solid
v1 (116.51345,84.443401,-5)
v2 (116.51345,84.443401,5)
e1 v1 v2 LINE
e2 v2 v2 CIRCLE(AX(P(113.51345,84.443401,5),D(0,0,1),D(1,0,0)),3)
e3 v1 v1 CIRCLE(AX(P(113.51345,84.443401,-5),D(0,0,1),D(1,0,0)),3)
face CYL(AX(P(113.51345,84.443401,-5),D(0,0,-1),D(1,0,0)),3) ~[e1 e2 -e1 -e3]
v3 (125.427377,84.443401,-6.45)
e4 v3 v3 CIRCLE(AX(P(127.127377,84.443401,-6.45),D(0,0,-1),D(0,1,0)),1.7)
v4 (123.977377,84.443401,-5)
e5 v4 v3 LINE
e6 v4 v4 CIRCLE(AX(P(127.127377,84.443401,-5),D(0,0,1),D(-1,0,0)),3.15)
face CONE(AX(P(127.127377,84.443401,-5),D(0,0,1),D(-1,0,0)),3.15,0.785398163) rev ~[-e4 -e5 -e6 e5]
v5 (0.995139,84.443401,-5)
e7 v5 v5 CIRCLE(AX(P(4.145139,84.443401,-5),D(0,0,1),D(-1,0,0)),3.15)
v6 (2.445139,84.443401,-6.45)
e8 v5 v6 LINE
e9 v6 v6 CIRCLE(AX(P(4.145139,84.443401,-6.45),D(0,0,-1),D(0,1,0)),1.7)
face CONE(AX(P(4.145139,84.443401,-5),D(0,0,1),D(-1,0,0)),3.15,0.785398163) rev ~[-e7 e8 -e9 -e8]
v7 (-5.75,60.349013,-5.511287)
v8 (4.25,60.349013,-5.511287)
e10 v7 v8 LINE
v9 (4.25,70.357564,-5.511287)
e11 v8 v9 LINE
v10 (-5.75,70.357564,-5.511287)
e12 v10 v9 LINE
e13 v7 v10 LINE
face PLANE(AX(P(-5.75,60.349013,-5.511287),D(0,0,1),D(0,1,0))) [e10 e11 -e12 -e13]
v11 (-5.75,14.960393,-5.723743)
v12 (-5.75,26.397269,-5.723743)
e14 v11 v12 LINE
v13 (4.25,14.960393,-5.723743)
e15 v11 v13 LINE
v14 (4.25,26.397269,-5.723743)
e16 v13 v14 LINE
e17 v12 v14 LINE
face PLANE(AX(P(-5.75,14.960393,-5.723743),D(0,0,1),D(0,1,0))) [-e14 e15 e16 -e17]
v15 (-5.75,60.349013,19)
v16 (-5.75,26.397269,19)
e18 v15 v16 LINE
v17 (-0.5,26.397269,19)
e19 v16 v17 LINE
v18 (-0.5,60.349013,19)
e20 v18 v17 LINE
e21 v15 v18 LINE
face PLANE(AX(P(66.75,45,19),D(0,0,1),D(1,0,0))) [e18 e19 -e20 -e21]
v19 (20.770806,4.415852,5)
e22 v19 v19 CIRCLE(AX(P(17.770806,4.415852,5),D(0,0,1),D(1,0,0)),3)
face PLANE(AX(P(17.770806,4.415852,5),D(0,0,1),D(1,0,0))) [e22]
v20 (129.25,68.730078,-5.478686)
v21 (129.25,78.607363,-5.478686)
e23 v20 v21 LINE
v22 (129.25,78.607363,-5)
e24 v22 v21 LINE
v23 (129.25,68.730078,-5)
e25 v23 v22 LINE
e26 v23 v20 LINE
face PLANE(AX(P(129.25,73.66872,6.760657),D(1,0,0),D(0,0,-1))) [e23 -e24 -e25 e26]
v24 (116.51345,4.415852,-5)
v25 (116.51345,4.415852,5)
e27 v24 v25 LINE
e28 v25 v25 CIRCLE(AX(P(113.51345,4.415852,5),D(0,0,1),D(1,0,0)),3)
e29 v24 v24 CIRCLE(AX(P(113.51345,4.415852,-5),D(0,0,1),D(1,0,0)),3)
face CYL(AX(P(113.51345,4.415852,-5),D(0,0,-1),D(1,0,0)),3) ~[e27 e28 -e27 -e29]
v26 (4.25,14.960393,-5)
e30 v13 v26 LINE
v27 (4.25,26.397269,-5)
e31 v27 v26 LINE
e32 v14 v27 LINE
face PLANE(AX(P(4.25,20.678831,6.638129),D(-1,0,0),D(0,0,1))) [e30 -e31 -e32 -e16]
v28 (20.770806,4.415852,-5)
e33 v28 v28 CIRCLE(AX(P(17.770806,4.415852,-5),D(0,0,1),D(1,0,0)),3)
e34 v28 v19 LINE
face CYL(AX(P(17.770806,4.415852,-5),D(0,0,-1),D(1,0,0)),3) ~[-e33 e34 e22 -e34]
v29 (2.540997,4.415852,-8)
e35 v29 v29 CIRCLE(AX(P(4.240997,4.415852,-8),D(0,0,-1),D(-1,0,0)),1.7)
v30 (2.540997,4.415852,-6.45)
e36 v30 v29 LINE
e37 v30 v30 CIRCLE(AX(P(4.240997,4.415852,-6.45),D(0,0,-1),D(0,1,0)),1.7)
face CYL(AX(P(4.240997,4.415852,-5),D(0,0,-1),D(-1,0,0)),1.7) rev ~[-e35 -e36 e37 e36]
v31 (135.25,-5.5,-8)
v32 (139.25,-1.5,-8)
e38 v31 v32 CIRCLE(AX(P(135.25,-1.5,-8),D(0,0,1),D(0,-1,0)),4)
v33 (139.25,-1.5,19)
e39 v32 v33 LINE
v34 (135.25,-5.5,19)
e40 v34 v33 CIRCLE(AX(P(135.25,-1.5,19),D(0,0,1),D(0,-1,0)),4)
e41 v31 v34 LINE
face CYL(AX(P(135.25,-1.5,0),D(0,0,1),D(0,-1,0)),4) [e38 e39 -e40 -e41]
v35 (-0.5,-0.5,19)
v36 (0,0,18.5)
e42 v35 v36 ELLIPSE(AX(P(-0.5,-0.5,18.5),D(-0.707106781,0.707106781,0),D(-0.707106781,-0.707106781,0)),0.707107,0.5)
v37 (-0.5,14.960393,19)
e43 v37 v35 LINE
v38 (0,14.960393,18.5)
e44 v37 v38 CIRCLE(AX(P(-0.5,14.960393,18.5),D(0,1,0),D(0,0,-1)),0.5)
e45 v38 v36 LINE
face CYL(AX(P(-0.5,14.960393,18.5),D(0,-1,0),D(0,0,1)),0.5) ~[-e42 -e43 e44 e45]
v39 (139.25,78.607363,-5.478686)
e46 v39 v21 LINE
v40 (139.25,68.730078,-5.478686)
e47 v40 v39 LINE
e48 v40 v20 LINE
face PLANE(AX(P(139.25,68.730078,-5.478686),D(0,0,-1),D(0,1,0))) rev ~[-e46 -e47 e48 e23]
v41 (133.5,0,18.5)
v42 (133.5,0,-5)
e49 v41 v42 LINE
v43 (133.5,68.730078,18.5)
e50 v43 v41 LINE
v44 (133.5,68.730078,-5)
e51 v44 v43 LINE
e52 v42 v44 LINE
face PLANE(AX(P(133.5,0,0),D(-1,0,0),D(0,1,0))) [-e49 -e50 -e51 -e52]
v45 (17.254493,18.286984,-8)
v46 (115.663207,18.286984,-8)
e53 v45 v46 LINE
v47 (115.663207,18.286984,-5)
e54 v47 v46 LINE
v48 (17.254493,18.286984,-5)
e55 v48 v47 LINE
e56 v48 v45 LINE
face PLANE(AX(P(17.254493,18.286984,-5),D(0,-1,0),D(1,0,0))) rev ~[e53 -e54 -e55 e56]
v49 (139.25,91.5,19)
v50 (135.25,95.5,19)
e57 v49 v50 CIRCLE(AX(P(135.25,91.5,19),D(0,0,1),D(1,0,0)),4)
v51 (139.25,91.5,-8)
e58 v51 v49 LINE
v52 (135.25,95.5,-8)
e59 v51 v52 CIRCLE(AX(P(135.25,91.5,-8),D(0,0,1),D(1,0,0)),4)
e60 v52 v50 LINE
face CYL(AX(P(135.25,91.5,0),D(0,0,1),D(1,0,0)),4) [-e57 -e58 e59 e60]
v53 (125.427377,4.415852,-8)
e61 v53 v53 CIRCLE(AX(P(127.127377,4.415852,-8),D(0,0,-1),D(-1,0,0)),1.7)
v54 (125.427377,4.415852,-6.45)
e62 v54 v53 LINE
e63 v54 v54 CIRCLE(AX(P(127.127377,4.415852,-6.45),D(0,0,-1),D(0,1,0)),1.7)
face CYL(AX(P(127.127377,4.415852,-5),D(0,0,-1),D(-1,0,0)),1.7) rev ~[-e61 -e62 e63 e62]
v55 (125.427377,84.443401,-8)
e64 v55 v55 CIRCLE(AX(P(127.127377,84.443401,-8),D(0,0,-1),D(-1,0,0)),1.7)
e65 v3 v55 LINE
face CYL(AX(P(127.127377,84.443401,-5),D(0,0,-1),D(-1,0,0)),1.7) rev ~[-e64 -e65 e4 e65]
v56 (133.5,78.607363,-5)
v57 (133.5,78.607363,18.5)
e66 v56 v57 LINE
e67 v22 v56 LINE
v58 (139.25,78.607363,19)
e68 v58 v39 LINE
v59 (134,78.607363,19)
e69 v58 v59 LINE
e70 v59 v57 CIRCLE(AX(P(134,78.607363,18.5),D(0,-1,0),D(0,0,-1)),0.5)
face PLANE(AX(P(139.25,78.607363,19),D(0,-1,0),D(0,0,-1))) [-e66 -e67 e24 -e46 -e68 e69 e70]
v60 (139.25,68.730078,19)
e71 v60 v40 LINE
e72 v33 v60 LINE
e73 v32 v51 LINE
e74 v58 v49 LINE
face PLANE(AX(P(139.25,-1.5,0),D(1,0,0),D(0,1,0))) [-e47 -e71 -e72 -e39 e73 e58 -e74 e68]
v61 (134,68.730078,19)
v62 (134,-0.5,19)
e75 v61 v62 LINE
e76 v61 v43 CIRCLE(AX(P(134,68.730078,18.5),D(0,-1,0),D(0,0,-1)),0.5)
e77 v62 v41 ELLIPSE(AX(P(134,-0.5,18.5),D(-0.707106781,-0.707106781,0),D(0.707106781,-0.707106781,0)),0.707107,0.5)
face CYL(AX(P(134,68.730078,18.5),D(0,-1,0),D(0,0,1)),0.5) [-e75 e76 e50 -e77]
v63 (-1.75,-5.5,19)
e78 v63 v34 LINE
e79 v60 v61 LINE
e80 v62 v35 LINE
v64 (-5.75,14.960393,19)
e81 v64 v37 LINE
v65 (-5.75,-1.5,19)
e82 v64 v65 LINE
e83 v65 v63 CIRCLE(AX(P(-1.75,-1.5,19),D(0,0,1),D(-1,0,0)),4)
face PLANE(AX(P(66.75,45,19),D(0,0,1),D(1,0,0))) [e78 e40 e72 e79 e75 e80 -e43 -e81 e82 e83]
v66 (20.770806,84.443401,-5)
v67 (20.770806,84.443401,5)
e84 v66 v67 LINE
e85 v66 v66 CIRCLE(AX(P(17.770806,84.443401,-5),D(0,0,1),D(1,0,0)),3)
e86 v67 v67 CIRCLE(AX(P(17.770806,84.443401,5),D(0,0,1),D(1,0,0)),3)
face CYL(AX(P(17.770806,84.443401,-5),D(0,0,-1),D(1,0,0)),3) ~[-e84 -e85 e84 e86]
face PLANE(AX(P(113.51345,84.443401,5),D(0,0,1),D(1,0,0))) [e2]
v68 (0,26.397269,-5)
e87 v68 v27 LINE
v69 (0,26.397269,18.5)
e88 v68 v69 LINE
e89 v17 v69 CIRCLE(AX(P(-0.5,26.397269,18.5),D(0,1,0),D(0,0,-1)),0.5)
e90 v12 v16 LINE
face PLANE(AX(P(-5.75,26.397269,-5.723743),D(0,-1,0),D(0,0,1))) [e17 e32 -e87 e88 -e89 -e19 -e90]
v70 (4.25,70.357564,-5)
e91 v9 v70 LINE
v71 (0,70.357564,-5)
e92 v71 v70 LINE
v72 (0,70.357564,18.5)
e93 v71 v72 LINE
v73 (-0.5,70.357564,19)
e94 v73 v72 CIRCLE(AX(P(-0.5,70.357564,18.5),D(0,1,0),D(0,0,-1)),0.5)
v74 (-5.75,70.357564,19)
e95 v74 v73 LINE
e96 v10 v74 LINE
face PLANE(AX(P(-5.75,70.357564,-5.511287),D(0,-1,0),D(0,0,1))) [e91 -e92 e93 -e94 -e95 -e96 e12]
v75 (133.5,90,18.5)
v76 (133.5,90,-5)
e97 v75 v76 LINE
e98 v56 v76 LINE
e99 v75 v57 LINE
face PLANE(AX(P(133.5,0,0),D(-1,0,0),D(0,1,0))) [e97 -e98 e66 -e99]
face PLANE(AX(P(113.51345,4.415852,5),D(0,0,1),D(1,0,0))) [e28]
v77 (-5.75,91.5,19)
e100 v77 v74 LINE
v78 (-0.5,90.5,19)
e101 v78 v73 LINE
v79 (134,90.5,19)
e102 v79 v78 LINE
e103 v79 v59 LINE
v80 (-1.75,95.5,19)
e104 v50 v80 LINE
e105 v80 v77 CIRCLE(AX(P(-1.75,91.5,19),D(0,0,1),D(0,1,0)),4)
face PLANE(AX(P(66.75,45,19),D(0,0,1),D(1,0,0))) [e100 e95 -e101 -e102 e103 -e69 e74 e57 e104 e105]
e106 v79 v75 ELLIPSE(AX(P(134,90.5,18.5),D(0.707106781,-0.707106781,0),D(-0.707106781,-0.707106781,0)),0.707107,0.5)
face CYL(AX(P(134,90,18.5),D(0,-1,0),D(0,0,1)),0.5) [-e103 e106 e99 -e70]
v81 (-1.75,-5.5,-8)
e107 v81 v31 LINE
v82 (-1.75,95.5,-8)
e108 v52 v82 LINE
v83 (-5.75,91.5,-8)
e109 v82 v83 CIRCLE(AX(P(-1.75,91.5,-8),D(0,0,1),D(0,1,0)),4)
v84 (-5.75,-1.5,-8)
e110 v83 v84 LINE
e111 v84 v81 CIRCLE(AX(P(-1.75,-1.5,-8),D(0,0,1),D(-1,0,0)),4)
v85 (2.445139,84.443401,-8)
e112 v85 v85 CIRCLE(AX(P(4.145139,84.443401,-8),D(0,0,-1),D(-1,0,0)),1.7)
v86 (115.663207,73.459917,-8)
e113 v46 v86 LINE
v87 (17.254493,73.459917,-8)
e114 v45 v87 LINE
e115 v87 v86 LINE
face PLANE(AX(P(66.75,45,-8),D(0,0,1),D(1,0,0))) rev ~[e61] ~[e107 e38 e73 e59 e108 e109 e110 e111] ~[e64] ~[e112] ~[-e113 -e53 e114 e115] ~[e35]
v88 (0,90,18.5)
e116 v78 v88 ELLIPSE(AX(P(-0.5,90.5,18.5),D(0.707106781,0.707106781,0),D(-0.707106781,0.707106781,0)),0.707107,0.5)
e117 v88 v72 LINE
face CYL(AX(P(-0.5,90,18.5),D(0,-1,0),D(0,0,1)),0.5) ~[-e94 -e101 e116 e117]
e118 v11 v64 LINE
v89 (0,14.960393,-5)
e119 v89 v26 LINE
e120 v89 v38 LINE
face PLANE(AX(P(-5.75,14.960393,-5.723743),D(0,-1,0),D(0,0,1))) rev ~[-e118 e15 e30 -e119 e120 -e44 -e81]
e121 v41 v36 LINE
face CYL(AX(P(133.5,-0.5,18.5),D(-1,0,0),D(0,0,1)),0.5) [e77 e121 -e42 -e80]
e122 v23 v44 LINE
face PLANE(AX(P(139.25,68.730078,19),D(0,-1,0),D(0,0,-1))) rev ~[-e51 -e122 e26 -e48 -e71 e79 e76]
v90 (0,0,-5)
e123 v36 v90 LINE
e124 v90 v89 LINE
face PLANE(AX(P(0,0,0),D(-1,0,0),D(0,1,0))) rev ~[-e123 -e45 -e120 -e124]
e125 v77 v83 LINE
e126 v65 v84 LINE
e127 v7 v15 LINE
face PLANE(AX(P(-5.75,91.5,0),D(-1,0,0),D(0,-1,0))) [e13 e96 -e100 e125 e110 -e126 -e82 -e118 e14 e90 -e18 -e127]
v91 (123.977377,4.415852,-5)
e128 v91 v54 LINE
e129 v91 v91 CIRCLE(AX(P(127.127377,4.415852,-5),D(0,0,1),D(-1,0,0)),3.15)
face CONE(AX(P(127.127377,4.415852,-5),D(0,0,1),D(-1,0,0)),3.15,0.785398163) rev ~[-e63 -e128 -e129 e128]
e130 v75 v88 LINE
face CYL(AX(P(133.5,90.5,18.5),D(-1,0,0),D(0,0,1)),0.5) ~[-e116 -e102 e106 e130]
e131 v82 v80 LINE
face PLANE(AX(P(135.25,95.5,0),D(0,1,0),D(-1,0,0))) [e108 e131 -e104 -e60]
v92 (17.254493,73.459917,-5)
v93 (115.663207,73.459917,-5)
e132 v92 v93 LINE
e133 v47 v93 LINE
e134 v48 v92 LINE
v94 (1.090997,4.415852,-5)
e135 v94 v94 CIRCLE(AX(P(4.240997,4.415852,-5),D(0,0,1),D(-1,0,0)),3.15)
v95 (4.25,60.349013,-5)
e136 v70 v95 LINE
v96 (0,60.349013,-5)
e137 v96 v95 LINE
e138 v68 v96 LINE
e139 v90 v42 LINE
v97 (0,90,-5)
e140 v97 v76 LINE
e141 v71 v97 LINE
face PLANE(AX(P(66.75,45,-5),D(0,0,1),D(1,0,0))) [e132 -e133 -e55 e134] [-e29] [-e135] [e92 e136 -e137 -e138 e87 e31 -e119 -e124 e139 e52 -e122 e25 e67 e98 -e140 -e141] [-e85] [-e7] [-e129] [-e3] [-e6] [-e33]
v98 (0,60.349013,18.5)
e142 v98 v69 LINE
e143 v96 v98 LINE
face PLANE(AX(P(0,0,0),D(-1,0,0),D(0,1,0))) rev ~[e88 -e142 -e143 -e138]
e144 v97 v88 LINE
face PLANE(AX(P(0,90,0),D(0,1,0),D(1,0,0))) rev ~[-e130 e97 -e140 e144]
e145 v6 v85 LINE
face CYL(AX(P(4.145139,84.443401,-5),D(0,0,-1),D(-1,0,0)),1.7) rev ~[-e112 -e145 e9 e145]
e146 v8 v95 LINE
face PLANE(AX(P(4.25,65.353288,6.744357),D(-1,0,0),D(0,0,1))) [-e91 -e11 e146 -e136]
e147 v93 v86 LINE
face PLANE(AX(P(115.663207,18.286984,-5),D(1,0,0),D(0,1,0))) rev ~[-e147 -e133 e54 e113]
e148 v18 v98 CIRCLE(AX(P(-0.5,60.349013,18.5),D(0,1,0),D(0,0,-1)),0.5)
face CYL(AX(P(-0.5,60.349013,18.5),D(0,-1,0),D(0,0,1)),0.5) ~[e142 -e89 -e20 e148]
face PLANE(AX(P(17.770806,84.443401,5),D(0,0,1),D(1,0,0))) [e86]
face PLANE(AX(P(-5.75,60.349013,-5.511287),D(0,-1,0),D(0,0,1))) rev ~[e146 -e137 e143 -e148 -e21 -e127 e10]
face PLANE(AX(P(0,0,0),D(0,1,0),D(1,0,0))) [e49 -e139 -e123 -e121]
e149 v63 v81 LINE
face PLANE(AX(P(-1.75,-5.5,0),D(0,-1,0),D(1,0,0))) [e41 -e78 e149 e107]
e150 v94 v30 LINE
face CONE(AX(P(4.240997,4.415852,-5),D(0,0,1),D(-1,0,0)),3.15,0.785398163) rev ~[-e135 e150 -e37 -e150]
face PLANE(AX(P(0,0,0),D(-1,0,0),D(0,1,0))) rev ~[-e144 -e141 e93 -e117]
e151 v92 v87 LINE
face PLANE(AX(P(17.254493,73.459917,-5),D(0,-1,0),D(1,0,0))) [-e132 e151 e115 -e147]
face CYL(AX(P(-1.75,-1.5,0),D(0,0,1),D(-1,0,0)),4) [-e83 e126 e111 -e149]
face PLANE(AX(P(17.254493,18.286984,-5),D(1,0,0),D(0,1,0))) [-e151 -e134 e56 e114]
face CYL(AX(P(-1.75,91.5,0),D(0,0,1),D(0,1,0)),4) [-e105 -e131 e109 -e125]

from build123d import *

# Parameters (mm, degrees)
BOSS_EXTRU_1_DEPTH                             = 19
BOSS_EXTRU_1_DEPTH_BACK                        = 8
ESQUISSE1_W                                    = 133.5
ESQUISSE1_H                                    = 90
ENL_V_MAT_EXTRU_1_DEPTH                        = 47
ENL_V_MAT_EXTRU_1_DEPTH_BACK                   = 5
FRAISAGE_POUR_VIS_T_TE_FRAIS_E_M32_D           = 3.4
FRAISAGE_POUR_VIS_T_TE_FRAIS_E_M32_DEPTH       = 5
FRAISAGE_POUR_VIS_T_TE_FRAIS_E_M32_CSINK_D     = 6.3
FRAISAGE_POUR_VIS_T_TE_FRAIS_E_M32_CSINK_ANGLE = 90
FRAISAGE_POUR_VIS_T_TE_FRAIS_E_M32_TIP         = 1.021463052
ESQUISSE7_W                                    = 24.511286956
ESQUISSE7_H                                    = 10.008551301
ENL_V_MAT_EXTRU_2_DEPTH                        = 10
ESQUISSE8_W                                    = 24.723742657
ESQUISSE8_H                                    = 11.436875975
ENL_V_MAT_EXTRU_3_DEPTH                        = 10
ESQUISSE9_W                                    = 24.478686325
ESQUISSE9_H                                    = 9.877285249
ENL_V_MAT_EXTRU_4_DEPTH                        = 10
CONG_1_R                                       = 0.5
ESQUISSE10_R                                   = 3
BOSS_EXTRU_2_DEPTH                             = 10
ESQUISSE12_W                                   = 98.408714422
ESQUISSE12_H                                   = 55.172933086
ENL_V_MAT_EXTRU_5_DEPTH                        = 10


with BuildPart() as part:
    # EsquisseExterieur → Boss.-Extru.1 (new body, two sides)
    with BuildSketch(Plane.XY) as boss_extru_1_sk:
        with BuildLine():
            Line((-1.75, -5.5), (135.25, -5.5))
            ThreePointArc((135.25, -5.5), (138.078427125, -4.328427125), (139.25, -1.5))
            Line((139.25, -1.5), (139.25, 91.5))
            ThreePointArc((139.25, 91.5), (138.078427125, 94.328427125), (135.25, 95.5))
            Line((135.25, 95.5), (-1.75, 95.5))
            ThreePointArc((-1.75, 95.5), (-4.578427125, 94.328427125), (-5.75, 91.5))
            Line((-5.75, 91.5), (-5.75, -1.5))
            ThreePointArc((-5.75, -1.5), (-4.578427125, -4.328427125), (-1.75, -5.5))
        make_face()
    extrude(amount=BOSS_EXTRU_1_DEPTH)
    extrude(boss_extru_1_sk.sketch, amount=-BOSS_EXTRU_1_DEPTH_BACK)

    # Esquisse1 → Enlèv. mat.-Extru.1 (cut, two sides)
    with BuildSketch(Plane.XY) as enl_v_mat_extru_1_sk:
        with Locations((66.75, 45)):
            Rectangle(ESQUISSE1_W, ESQUISSE1_H)
    extrude(amount=ENL_V_MAT_EXTRU_1_DEPTH, mode=Mode.SUBTRACT)
    extrude(enl_v_mat_extru_1_sk.sketch, amount=-ENL_V_MAT_EXTRU_1_DEPTH_BACK, mode=Mode.SUBTRACT)

    # Fraisage pour vis à tête fraisée M32
    with Locations(Plane.XY.offset(-5)):
        with Locations((4.145138972, 84.443401206), (127.127377422, 84.443401206), (127.127377422, 4.415852319), (4.240996888, 4.415852319)):
            CounterSinkHole(FRAISAGE_POUR_VIS_T_TE_FRAIS_E_M32_D / 2, FRAISAGE_POUR_VIS_T_TE_FRAIS_E_M32_CSINK_D / 2, depth=FRAISAGE_POUR_VIS_T_TE_FRAIS_E_M32_DEPTH, counter_sink_angle=FRAISAGE_POUR_VIS_T_TE_FRAIS_E_M32_CSINK_ANGLE)
            with Locations((0, 0, -(FRAISAGE_POUR_VIS_T_TE_FRAIS_E_M32_DEPTH + FRAISAGE_POUR_VIS_T_TE_FRAIS_E_M32_TIP / 2))):  # 118° drill point
                Cone(0, FRAISAGE_POUR_VIS_T_TE_FRAIS_E_M32_D / 2, FRAISAGE_POUR_VIS_T_TE_FRAIS_E_M32_TIP, mode=Mode.SUBTRACT)

    # Esquisse7 → Enlèv. mat.-Extru.2 (cut)
    with BuildSketch(Plane.ZY.offset(5.75)):
        with Locations((6.744356522, 65.353288209)):
            Rectangle(ESQUISSE7_W, ESQUISSE7_H)
    extrude(amount=-ENL_V_MAT_EXTRU_2_DEPTH, mode=Mode.SUBTRACT)

    # Esquisse8 → Enlèv. mat.-Extru.3 (cut)
    with BuildSketch(Plane.ZY.offset(5.75)):
        with Locations((6.638128671, 20.678831333)):
            Rectangle(ESQUISSE8_W, ESQUISSE8_H)
    extrude(amount=-ENL_V_MAT_EXTRU_3_DEPTH, mode=Mode.SUBTRACT)

    # Esquisse9 → Enlèv. mat.-Extru.4 (cut)
    with BuildSketch(Plane(origin=(139.25, 0, 0), x_dir=(0, 0, -1), z_dir=(1, 0, 0))):
        with Locations((-6.760656838, 73.668720261)):
            Rectangle(ESQUISSE9_W, ESQUISSE9_H)
    extrude(amount=-ENL_V_MAT_EXTRU_4_DEPTH, mode=Mode.SUBTRACT)

    # Congé1
    cong_1_edges = [part.edges().sort_by_distance(p)[0] for p in [
        (0, 7.480196672, 19),
        (133.5, 84.303681443, 19),
        (66.75, 90, 19),
        (133.5, 34.365038818, 19),
        (66.75, 0, 19),
        (0, 80.17878193, 19),
        (0, 43.373140939, 19),
    ]]
    fillet(cong_1_edges, radius=CONG_1_R)

    # Esquisse10 → Boss.-Extru.2 (add)
    with BuildSketch(Plane.XY.offset(-5)):
        with Locations((17.770805857, 84.443401206)):
            Circle(ESQUISSE10_R)
        with Locations((113.513450355, 84.443401206)):
            Circle(ESQUISSE10_R)
        with Locations((17.770805857, 4.415852319)):
            Circle(ESQUISSE10_R)
        with Locations((113.513450355, 4.415852319)):
            Circle(ESQUISSE10_R)
    extrude(amount=BOSS_EXTRU_2_DEPTH)

    # Esquisse12 → Enlèv. mat.-Extru.5 (cut)
    with BuildSketch(Plane.XY.offset(-5)):
        with Locations((66.458849957, 45.873450128)):
            Rectangle(ESQUISSE12_W, ESQUISSE12_H)
    extrude(amount=-ENL_V_MAT_EXTRU_5_DEPTH, mode=Mode.SUBTRACT)


solid = part.part
